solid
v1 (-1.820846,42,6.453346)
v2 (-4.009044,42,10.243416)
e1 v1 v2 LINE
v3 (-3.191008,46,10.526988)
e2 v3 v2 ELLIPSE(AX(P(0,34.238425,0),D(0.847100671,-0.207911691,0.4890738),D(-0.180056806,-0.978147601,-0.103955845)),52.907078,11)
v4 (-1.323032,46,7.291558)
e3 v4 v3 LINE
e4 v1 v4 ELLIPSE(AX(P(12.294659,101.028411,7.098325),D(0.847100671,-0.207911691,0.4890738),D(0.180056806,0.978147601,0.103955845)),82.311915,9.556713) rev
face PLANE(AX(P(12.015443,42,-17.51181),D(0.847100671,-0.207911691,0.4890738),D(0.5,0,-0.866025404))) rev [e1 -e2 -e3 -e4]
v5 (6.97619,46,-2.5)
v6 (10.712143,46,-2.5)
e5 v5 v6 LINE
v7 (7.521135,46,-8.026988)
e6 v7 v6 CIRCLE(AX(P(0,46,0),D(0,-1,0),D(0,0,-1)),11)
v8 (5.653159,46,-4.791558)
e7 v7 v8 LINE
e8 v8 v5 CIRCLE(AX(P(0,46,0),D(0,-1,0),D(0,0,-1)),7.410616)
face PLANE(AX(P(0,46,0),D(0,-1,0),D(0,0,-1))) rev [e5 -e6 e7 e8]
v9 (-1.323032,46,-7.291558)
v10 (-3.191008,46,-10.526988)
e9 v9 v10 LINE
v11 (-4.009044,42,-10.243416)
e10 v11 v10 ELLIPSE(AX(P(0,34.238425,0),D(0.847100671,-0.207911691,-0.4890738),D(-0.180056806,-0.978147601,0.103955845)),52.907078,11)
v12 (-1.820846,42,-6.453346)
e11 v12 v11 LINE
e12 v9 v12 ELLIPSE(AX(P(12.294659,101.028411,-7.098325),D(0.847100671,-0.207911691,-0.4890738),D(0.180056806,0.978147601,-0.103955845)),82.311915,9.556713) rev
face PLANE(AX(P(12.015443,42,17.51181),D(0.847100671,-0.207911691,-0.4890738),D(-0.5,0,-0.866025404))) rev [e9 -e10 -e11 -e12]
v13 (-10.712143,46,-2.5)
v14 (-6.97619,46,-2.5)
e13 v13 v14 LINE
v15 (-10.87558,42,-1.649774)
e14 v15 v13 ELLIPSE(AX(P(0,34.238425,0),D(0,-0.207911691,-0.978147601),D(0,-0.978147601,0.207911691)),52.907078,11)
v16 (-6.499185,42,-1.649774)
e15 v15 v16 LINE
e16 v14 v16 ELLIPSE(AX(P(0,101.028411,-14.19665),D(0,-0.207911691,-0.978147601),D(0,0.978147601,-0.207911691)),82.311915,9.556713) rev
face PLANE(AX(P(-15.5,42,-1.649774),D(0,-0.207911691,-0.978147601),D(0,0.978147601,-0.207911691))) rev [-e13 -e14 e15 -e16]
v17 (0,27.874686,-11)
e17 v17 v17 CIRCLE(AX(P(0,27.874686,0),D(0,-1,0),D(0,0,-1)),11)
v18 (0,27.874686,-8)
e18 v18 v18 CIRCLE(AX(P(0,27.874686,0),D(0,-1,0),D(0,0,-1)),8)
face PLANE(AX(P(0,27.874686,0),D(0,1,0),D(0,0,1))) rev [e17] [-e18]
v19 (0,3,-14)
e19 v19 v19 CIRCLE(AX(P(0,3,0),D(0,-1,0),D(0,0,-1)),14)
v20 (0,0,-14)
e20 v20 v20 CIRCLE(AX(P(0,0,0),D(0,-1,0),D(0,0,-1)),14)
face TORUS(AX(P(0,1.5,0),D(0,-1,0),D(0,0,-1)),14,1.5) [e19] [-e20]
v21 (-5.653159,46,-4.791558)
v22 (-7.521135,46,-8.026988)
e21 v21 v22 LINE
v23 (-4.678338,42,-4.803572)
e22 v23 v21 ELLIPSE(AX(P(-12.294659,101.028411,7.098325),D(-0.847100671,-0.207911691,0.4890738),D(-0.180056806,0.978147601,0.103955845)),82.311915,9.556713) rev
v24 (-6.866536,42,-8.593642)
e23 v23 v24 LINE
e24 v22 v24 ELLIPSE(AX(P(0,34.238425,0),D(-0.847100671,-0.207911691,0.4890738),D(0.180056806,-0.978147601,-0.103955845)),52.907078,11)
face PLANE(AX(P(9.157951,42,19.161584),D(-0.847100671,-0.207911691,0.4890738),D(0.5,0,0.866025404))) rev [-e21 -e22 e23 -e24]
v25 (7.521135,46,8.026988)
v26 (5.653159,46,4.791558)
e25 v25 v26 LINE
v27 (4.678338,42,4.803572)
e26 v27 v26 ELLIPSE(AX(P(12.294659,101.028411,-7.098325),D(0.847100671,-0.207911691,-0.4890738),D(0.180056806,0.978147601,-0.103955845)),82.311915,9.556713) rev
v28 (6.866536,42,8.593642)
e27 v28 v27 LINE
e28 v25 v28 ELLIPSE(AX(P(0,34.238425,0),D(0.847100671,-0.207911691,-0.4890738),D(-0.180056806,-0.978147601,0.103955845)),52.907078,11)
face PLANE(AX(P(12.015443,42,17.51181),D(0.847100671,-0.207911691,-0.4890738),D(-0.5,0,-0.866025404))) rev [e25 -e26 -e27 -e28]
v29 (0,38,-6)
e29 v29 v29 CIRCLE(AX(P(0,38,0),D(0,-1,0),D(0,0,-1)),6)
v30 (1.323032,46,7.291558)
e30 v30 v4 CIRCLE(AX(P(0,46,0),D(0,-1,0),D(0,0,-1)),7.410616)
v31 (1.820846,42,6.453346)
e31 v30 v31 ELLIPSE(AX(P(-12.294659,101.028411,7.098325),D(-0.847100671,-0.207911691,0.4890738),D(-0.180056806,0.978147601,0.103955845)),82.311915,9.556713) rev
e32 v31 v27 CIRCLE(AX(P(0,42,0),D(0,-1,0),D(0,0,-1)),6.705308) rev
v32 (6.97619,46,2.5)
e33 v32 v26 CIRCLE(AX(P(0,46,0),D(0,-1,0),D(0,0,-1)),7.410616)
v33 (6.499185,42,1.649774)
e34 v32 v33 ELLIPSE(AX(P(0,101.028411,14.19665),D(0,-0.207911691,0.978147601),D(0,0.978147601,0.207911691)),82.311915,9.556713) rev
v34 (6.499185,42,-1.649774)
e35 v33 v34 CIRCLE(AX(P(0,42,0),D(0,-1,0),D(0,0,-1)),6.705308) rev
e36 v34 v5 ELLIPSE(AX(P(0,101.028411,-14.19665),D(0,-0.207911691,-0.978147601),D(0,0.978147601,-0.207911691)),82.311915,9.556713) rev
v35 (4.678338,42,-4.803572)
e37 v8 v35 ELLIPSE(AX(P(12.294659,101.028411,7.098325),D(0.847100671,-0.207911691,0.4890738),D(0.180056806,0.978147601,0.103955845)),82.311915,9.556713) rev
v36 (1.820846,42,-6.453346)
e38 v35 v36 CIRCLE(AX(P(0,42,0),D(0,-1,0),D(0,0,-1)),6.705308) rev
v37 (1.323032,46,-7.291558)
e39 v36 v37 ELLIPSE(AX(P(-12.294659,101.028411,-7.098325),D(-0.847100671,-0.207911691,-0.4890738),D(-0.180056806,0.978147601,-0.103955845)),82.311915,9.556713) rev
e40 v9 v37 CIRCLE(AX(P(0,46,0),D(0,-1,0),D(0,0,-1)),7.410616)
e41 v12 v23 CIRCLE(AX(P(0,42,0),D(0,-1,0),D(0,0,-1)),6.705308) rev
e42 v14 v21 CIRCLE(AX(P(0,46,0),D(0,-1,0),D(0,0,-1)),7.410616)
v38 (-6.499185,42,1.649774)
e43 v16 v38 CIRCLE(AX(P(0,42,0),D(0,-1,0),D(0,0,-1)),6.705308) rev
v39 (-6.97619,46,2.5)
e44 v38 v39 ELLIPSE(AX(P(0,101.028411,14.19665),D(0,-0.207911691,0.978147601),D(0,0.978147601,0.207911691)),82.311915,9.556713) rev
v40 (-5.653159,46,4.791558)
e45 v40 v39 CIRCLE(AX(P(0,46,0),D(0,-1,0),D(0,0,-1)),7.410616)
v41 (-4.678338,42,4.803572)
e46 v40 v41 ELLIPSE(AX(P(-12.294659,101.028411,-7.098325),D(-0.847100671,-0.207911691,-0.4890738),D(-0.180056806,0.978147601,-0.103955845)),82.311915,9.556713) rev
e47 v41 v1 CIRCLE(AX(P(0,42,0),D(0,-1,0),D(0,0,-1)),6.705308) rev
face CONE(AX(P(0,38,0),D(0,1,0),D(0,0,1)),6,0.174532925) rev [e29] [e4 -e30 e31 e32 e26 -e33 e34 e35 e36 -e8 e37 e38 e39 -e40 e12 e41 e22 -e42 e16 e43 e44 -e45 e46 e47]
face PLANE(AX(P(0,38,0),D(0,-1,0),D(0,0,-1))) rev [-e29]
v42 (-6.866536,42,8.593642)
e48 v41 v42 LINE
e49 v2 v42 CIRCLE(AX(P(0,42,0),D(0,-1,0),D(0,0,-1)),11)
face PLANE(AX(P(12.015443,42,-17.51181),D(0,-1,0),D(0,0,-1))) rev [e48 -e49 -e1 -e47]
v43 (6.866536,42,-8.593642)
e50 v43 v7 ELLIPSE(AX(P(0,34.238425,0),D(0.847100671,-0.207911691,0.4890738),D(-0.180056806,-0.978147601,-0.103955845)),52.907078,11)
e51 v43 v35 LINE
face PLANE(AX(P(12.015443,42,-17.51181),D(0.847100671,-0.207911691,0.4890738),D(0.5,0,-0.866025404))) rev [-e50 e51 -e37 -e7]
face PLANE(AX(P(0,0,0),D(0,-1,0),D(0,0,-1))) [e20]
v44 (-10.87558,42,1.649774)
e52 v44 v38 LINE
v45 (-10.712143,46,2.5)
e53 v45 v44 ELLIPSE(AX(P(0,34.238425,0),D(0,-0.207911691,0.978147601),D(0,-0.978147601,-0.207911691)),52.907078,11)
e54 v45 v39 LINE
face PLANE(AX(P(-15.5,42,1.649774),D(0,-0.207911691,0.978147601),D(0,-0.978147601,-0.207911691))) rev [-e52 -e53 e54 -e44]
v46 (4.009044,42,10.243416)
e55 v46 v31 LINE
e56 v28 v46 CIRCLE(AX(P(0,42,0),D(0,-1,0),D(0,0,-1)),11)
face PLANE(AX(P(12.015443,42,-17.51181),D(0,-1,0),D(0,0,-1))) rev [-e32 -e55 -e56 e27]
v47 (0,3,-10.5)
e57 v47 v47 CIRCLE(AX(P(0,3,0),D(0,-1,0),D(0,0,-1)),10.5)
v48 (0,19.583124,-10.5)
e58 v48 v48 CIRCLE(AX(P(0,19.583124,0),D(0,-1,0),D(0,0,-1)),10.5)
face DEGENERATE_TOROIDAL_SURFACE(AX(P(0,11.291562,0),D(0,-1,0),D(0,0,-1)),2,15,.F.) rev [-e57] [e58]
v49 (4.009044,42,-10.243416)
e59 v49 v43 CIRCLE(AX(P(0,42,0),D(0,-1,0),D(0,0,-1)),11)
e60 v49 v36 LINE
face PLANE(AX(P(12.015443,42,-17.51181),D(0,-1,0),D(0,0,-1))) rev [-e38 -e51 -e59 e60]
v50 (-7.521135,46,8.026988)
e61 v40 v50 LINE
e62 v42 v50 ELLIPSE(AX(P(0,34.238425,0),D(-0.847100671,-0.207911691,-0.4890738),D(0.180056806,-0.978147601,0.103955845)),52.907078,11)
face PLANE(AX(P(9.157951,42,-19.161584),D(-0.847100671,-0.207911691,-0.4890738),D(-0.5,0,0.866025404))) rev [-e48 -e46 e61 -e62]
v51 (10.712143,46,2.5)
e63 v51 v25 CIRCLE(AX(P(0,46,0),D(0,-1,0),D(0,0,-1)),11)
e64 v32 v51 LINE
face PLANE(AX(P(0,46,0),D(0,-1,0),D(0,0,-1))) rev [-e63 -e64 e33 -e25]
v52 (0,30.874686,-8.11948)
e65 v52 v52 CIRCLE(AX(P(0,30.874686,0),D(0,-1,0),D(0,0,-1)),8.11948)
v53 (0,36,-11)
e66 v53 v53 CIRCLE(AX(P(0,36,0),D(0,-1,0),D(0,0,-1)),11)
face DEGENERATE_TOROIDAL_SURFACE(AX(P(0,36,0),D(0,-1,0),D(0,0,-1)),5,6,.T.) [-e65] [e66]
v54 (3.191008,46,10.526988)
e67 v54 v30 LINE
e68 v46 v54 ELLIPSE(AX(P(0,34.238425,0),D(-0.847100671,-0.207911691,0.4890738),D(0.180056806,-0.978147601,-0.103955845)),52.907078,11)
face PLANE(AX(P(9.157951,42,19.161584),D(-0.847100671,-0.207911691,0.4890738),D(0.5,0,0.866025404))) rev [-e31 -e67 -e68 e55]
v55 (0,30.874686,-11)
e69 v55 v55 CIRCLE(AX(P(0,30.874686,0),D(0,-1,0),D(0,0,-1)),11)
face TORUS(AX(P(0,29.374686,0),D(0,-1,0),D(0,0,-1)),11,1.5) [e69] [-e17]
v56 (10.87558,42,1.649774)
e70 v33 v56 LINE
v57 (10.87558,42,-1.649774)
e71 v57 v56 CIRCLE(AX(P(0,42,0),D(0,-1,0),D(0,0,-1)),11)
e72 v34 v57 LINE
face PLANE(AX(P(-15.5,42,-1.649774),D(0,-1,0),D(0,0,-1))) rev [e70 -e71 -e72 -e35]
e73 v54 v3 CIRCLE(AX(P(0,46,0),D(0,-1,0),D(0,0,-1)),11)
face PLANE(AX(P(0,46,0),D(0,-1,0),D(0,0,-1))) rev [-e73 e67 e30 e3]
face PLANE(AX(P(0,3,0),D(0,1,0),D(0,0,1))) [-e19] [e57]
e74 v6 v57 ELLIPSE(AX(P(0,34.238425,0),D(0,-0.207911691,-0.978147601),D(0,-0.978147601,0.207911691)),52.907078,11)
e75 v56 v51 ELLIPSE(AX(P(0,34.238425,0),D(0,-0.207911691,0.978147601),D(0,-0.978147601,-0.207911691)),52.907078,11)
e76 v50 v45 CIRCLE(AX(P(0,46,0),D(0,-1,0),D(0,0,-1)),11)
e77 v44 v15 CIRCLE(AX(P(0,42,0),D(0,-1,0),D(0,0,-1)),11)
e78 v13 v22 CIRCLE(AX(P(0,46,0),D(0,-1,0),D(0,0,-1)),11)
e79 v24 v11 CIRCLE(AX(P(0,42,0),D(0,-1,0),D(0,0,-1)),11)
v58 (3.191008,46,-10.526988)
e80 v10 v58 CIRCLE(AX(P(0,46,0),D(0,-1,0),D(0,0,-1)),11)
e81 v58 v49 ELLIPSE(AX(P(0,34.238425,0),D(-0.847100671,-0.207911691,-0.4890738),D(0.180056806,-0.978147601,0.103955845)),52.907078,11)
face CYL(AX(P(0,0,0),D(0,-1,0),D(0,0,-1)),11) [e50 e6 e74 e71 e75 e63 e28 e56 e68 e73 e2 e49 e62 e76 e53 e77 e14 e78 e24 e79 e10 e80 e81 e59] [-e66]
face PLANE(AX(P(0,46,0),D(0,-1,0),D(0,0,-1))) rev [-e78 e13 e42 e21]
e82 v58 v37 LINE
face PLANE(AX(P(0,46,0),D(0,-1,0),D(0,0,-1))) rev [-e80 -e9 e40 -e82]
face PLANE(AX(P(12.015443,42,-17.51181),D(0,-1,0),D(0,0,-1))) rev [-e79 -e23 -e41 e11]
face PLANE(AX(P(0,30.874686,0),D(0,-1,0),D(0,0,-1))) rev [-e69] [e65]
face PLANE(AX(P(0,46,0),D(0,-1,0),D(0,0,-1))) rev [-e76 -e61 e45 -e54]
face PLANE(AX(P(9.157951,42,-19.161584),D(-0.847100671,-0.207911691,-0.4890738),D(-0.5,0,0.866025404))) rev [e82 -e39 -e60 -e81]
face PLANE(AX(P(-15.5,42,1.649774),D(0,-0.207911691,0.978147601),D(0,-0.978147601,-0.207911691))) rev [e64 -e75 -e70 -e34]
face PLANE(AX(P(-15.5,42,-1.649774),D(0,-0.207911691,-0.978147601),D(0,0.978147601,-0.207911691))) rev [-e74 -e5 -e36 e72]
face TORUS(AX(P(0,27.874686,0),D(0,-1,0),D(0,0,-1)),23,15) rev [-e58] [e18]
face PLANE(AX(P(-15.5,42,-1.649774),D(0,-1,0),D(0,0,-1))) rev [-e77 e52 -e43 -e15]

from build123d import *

# Parameters (mm, degrees)
CUT_EXTRUDE1_DEPTH = 51.955863315
CIRPATTERN1_COUNT  = 3


with BuildPart() as part:
    # Sketch1 → Revolve1 (revolve)
    with BuildSketch(Plane(origin=(0, 0, 0), x_dir=(0, 0, -1), z_dir=(1, 0, 0)), mode=Mode.PRIVATE) as revolve1_sk:
        with BuildLine():
            Line((-14, 0), (0, 0))
            Line((0, 0), (0, 38))
            Line((0, 38), (-6, 38))
            Line((-6, 38), (-7.410615846, 46))
            Line((-7.410615846, 46), (-11, 46))
            Line((-11, 46), (-11, 36))
            ThreePointArc((-11, 36), (-10.230529619, 33.060346975), (-8.11948003, 30.874685928))
            Line((-8.11948003, 30.874685928), (-11, 30.874685928))
            ThreePointArc((-11, 30.874685928), (-12.5, 29.374685928), (-11, 27.874685928))
            Line((-11, 27.874685928), (-8, 27.874685928))
            ThreePointArc((-8, 27.874685928), (-8.638593384, 23.544558909), (-10.5, 19.583123952))
            ThreePointArc((-10.5, 19.583123952), (-13, 11.291561976), (-10.5, 3))
            Line((-10.5, 3), (-14, 3))
            ThreePointArc((-14, 3), (-15.5, 1.5), (-14, 0))
        make_face()
    revolve(revolve1_sk.sketch.rotate(Axis((0, 0, 0), (0, 1, 0)), 180), axis=Axis((0, 0, 0), (0, 1, 0)))

    # Sketch2 → Cut-Extrude1 (cut, symmetric)
    with BuildSketch(Plane(origin=(0, 0, 0), x_dir=(0, 0, -1), z_dir=(1, 0, 0))):
        Polygon((1.649773753, 42), (-1.649773753, 42), (-2.5, 46), (2.5, 46), align=None)
    cut_extrude1 = extrude(amount=CUT_EXTRUDE1_DEPTH, both=True, mode=Mode.SUBTRACT)

    # CirPattern1: Cut-Extrude1 ×3 about axis
    cirpattern1_axis = Axis((0, 0, 0), (0, 1, 0))
    for i in range(1, CIRPATTERN1_COUNT):
        add(cut_extrude1.rotate(cirpattern1_axis, i * 360 / CIRPATTERN1_COUNT), mode=Mode.SUBTRACT)


solid = part.part
